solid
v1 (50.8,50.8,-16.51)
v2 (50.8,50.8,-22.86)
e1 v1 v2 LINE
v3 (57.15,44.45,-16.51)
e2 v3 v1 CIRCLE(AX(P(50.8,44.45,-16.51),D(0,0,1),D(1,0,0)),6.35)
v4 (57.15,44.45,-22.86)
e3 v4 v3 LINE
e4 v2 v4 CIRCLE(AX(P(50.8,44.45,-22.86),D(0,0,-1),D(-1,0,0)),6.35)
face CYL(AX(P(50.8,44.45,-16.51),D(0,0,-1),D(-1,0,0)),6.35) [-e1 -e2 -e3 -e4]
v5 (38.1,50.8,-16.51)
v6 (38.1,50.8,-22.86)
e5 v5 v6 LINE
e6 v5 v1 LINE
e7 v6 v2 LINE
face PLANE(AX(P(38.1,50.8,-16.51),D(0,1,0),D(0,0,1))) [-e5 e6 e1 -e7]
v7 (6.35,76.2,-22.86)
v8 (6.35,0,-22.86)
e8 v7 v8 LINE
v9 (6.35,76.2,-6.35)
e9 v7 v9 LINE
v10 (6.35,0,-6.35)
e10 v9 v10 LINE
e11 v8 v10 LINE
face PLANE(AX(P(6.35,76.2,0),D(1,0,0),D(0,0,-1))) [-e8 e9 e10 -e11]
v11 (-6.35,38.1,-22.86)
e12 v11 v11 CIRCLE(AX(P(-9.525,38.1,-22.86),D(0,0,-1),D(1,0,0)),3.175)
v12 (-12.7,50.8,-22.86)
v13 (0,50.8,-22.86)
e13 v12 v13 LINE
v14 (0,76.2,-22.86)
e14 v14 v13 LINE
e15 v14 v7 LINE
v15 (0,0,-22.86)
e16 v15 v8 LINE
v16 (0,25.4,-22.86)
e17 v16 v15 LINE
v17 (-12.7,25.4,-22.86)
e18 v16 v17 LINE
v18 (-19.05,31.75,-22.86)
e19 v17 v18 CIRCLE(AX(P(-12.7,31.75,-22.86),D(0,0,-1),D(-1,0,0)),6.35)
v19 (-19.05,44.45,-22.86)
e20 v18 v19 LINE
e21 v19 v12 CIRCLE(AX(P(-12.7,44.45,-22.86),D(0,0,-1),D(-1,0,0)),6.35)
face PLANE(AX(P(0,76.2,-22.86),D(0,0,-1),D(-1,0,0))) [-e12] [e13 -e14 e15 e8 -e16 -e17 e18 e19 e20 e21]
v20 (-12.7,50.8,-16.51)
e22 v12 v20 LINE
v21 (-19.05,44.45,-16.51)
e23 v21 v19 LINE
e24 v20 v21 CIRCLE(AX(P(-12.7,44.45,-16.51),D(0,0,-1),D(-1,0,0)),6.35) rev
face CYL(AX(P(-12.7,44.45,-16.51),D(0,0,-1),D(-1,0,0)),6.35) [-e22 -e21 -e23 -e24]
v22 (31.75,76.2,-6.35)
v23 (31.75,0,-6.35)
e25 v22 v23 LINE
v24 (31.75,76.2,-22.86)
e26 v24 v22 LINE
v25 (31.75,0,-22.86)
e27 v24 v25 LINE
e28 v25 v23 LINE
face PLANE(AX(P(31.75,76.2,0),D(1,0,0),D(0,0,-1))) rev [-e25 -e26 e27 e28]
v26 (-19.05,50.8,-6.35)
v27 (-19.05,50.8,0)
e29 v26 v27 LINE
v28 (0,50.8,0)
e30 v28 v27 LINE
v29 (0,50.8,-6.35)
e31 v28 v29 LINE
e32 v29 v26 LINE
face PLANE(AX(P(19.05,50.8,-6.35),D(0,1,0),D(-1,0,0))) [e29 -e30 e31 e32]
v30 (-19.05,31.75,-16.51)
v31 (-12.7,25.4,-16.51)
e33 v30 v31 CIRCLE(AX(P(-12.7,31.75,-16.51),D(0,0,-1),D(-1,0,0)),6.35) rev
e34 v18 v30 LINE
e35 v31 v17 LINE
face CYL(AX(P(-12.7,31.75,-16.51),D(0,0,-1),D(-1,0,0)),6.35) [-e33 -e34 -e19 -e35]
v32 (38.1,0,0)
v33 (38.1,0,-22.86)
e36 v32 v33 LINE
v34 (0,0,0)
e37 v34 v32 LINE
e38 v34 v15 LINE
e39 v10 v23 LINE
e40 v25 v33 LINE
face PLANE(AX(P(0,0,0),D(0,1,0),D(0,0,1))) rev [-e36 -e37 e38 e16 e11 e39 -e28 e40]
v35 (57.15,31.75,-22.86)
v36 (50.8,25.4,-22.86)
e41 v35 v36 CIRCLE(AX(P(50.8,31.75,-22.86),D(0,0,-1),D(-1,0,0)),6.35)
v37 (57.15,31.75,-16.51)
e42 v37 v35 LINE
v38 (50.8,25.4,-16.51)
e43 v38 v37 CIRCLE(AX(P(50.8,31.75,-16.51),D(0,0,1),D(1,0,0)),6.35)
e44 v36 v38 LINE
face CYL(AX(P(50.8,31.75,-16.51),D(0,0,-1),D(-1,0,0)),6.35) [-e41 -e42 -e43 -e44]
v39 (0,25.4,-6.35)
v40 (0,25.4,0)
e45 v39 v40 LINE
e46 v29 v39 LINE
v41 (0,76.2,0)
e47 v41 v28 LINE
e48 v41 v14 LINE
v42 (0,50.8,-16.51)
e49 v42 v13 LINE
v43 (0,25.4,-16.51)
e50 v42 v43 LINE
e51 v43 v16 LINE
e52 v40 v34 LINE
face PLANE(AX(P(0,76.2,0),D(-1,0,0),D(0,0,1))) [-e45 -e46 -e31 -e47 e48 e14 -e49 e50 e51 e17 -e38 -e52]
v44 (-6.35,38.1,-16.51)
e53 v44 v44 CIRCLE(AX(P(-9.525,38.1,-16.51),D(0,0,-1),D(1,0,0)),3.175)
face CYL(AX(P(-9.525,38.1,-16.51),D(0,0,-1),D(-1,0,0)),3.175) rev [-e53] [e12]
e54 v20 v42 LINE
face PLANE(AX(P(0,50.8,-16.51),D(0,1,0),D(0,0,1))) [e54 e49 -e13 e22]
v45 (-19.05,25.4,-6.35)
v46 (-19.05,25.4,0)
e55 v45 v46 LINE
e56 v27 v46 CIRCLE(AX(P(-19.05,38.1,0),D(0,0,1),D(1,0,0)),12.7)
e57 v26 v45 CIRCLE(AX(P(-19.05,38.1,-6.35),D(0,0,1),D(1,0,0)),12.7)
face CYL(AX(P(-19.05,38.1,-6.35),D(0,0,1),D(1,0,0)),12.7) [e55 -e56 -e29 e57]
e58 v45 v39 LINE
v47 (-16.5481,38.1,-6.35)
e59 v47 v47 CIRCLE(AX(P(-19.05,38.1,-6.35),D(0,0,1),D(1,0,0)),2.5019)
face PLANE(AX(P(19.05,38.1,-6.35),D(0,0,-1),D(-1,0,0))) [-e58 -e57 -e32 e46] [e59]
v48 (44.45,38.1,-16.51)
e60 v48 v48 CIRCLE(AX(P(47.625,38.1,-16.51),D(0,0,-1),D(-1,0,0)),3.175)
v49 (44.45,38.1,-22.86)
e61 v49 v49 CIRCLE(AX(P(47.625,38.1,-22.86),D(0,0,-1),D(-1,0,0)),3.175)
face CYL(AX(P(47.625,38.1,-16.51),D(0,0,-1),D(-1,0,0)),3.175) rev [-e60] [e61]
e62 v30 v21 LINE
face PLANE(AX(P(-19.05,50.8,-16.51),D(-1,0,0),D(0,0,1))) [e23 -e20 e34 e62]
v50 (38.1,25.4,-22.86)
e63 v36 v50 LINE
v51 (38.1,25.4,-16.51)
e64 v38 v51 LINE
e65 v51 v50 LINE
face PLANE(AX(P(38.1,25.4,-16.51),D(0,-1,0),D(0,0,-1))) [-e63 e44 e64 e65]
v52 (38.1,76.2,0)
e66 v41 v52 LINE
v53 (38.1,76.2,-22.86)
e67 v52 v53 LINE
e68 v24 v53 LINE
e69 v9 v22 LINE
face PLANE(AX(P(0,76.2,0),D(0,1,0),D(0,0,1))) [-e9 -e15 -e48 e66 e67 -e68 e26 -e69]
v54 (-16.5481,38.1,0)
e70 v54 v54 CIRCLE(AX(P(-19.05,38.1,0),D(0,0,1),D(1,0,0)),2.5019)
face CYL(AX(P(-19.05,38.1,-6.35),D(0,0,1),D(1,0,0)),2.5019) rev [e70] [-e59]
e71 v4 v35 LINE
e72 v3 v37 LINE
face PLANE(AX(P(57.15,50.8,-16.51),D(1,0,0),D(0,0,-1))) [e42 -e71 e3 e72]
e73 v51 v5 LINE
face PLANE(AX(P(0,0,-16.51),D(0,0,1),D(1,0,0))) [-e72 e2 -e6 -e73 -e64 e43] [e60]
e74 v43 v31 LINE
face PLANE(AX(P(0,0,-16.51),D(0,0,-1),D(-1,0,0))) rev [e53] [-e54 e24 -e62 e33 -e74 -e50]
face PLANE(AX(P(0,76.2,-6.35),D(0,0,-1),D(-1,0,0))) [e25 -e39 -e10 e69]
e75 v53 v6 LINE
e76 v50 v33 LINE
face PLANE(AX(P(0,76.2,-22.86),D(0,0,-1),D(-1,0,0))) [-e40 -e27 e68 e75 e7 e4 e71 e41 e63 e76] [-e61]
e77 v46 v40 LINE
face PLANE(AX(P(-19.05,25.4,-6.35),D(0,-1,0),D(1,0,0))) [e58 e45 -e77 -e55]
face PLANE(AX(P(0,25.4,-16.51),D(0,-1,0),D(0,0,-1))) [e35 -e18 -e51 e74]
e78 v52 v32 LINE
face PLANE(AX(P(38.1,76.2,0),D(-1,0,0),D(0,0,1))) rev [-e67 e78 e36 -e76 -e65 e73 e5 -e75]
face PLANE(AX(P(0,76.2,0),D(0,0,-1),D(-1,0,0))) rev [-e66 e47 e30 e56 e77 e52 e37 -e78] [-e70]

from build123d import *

# Parameters (mm, degrees)
BOSS_EXTRUDE1_DEPTH = 76.2
SKETCH3_R           = 2.5019
BOSS_EXTRUDE2_DEPTH = 6.35
SKETCH4_W           = 19.05
SKETCH4_H           = 25.4
SKETCH4_R           = 3.175
BOSS_EXTRUDE3_DEPTH = 6.35
FILLET1_R           = 6.35


with BuildPart() as part:
    # Sketch2 → Boss-Extrude1 (new body)
    with BuildSketch(Plane(origin=(0, 0, 0), x_dir=(1, 0, 0), z_dir=(0, 1, 0))):
        Polygon((0, 22.86), (0, 0), (38.1, 0), (38.1, 22.86), (31.75, 22.86), (31.75, 6.35), (6.35, 6.35), (6.35, 22.86), align=None)
    extrude(amount=BOSS_EXTRUDE1_DEPTH)

    # Sketch3 → Boss-Extrude2 (add)
    with BuildSketch(Plane.XY):
        with BuildLine():
            Line((19.05, 50.8), (-19.05, 50.8))
            ThreePointArc((-19.05, 50.8), (-31.75, 38.1), (-19.05, 25.4))
            Line((-19.05, 25.4), (19.05, 25.4))
            ThreePointArc((19.05, 25.4), (31.75, 38.1), (19.05, 50.8))
        make_face()
        with Locations((-19.05, 38.1)):
            Circle(SKETCH3_R, mode=Mode.SUBTRACT)
    extrude(amount=-BOSS_EXTRUDE2_DEPTH)

    # Sketch4 → Boss-Extrude3 (add)
    # profile 1 of 2: a face of its own
    with BuildSketch(Plane(origin=(0, 0, -22.86), x_dir=(-1, 0, 0), z_dir=(0, 0, -1))):
        with Locations((-47.625, 38.1)):
            Rectangle(SKETCH4_W, SKETCH4_H)
        with Locations((-47.625, 38.1)):
            Circle(SKETCH4_R, mode=Mode.SUBTRACT)
    # profile 2 of 2: a face of its own
    with BuildSketch(Plane(origin=(0, 0, -22.86), x_dir=(-1, 0, 0), z_dir=(0, 0, -1))):
        with Locations((9.525, 38.1)):
            Rectangle(SKETCH4_W, SKETCH4_H)
        with Locations(Location((9.525, 38.1, 0), (0, 0, 180))):
            Circle(SKETCH4_R, mode=Mode.SUBTRACT)
    extrude(amount=-BOSS_EXTRUDE3_DEPTH)

    # Fillet1
    fillet1_edges = [part.edges().sort_by_distance(p)[0] for p in [
        (57.15, 25.4, -19.685),
        (57.15, 50.8, -19.685),
        (-19.05, 50.8, -19.685),
        (-19.05, 25.4, -19.685),
    ]]
    fillet(fillet1_edges, radius=FILLET1_R)


solid = part.part
